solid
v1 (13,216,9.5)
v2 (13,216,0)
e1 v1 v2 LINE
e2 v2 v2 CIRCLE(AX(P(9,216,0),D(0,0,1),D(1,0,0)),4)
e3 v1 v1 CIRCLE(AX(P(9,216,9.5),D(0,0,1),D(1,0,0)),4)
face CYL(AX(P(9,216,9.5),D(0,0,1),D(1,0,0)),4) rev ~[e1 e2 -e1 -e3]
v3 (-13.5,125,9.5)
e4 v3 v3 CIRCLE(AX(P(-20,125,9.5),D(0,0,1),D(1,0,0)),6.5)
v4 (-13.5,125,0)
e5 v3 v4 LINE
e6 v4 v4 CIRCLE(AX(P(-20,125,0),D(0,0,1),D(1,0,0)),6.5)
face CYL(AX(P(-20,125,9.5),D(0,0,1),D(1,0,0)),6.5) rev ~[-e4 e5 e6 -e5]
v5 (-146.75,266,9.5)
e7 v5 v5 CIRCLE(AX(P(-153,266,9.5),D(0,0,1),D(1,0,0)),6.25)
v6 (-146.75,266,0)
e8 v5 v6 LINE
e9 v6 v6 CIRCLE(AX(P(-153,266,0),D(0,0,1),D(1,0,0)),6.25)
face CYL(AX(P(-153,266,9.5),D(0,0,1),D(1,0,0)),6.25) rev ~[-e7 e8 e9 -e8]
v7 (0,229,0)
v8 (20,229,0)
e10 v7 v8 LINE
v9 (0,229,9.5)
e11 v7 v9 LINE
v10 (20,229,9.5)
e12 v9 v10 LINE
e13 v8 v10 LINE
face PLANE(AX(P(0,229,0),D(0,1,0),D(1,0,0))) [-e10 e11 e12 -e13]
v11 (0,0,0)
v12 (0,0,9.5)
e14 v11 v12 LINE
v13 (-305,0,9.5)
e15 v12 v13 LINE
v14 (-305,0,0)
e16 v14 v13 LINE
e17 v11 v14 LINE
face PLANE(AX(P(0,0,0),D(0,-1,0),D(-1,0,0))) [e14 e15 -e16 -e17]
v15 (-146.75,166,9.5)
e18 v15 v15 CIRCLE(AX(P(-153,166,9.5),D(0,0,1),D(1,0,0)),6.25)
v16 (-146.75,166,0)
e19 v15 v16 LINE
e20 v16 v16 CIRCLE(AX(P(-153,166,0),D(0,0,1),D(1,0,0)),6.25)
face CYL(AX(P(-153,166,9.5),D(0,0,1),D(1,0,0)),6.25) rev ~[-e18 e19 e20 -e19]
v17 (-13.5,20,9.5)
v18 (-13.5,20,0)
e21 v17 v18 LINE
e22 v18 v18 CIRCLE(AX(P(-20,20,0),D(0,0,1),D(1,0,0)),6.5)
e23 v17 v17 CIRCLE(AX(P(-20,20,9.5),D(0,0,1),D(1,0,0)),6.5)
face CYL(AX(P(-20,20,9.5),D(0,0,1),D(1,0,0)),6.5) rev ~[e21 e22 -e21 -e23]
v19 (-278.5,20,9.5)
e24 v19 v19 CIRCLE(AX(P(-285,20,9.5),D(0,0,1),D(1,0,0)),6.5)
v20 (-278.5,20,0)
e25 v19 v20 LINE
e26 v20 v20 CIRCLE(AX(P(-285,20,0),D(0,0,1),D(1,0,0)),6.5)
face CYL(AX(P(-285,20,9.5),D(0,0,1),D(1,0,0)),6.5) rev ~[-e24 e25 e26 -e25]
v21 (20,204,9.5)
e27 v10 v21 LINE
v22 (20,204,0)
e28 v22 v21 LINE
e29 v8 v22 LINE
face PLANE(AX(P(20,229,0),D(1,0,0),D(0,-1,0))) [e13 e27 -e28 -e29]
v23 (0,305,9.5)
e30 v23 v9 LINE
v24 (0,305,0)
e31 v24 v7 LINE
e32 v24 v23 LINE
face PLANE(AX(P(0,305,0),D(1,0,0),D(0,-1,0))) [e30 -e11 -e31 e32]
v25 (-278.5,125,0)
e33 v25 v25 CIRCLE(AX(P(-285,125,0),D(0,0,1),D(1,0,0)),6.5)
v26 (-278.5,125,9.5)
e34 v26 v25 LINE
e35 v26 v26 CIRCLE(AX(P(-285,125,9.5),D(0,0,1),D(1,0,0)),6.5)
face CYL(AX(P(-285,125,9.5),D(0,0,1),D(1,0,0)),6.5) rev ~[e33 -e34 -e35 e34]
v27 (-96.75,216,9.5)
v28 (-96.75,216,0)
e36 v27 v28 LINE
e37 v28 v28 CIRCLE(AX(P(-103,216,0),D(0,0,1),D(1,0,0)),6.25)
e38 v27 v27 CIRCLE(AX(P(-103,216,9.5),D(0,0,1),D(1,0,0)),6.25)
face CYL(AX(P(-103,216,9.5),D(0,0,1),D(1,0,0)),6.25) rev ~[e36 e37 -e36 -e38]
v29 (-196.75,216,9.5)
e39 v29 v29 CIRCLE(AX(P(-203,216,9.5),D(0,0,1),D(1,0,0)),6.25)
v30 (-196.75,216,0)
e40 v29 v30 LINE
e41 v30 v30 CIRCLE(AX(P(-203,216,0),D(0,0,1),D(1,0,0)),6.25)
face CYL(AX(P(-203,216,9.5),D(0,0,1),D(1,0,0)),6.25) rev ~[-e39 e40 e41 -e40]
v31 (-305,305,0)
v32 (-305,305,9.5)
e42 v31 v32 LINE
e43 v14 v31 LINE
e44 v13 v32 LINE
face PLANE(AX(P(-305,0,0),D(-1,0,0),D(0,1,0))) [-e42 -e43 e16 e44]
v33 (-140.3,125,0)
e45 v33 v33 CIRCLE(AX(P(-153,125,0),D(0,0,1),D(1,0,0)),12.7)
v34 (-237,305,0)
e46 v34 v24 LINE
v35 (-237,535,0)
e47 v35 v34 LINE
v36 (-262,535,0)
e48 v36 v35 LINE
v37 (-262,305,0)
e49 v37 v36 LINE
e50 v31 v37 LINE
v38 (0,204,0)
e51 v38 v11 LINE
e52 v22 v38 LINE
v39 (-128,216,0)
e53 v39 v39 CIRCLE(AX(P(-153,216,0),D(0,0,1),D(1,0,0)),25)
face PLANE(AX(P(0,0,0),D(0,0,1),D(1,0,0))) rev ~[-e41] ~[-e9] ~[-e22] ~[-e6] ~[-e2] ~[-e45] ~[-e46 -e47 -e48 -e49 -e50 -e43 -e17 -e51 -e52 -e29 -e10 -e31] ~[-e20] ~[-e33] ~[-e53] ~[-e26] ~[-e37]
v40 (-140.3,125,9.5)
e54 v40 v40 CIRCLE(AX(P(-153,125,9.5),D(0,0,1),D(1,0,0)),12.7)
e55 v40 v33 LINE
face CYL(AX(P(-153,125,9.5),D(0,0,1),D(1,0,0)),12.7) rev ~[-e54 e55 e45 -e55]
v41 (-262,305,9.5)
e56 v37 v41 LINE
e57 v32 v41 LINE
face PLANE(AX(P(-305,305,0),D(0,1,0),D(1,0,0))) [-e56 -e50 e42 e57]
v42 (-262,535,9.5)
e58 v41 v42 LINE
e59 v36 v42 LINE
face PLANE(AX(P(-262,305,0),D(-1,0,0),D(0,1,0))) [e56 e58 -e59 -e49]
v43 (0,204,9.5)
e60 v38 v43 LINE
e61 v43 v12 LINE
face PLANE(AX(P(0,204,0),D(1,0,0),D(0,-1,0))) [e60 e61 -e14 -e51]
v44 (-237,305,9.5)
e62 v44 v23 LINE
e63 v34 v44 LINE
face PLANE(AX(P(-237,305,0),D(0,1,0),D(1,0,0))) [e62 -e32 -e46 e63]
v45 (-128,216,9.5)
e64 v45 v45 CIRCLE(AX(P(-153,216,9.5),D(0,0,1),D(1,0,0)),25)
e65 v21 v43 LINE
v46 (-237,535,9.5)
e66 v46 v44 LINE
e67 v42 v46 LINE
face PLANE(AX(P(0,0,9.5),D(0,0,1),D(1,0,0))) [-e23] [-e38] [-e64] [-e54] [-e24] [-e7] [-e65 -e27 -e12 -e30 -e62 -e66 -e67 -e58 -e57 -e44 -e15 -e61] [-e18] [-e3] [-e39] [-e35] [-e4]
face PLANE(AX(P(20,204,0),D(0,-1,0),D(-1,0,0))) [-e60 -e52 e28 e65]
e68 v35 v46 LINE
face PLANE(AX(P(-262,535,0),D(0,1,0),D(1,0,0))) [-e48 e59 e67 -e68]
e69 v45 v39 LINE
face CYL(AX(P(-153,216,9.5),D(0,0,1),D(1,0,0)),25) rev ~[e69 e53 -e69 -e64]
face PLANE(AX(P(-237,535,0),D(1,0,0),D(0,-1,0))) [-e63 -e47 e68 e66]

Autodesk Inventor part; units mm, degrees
ref_plane "YZ Plane" through (0, 0, 0) normal (1, 0, 0) x (0, 1, 0)
ref_plane "XZ Plane" through (0, 0, 0) normal (0, 1, 0) x (-1, 0, 0)
ref_plane "XY Plane" through (0, 0, 0) normal (0, 0, 1) x (1, 0, 0)
sketch "Sketch1" plane through (0, 0, 0) normal (0, 0, 1) x (1, 0, 0)
  line L0 (0, 0) -> (-305, 0)
  line L1 (-305, 0) -> (-305, 305)
  line L2 (-305, 305) -> (-262, 305)
  line L3 (-262, 305) -> (-262, 535)
  line L4 (-262, 535) -> (-237, 535)
  line L5 (-237, 535) -> (-237, 305)
  line L6 (-237, 305) -> (0, 305)
  line L7 (0, 305) -> (0, 229)
  line L8 (0, 229) -> (20, 229)
  line L9 (20, 229) -> (20, 204)
  line L10 (20, 204) -> (0, 204)
  line L11 (0, 204) -> (0, 0)
  dimension "d0" = 305
  dimension "d1" = 305
  dimension "d4" = 230
  dimension "d5" = 25
  dimension "d6" = 230
  dimension "d7" = 76
  dimension "d8" = 20
  dimension "d9" = 25
  dimension "d10" = 43
extrude "Extrusion1" add sketch "Sketch1" along normal blind 9.5
sketch "Sketch2" plane through (0, 0, 9.5) normal (0, 0, 1) x (1, 0, 0)
  circle A0 centre (-20, 20) radius 6.5
  circle A1 centre (-20, 125) radius 6.5
  circle A2 centre (-285, 20) radius 6.5
  circle A3 centre (-285, 125) radius 6.5
  circle A4 centre (-153, 166) radius 6.25
  circle A5 centre (-153, 216) radius 25.5
  circle A6 centre (9, 216) radius 4
  line L0 (-305, 0) -> (0, 0) projected
  circle A7 centre (-103, 216) radius 6.25
  circle A8 centre (-153, 266) radius 6.25
  circle A9 centre (-203, 216) radius 6.25
  dimension "d13" = 13
  dimension "d14" = 13
  dimension "d15" = 13
  dimension "d16" = 13
  dimension "d18" = 12.5
  dimension "d21" = 8
  dimension "d22" = 20
  dimension "d23" = 20
  dimension "d24" = 20
  dimension "d25" = 20
  dimension "d26" = 125
  dimension "d27" = 20
  dimension "d28" = 20
  dimension "d29" = 125
  dimension "d30" = 216
  dimension "d31" = 216
  dimension "d32" = 166
  dimension "d35" = 360
  dimension "d37" = 51
  dimension "d38" = 103
  dimension "d39" = 162
  dimension "d40" = 162
extrude "Extrusion2" cut sketch "Sketch2" against normal through all contours A0 | A1 | A2 | A3 | A4 | A6 | A7 | A8 | A9
sketch "Sketch3" plane through (0, 0, 9.5) normal (0, 0, 1) x (1, 0, 0)
  circle A0 centre (-203, 216) radius 6.25 projected
  circle A1 centre (-103, 216) radius 6.25 projected
  circle A2 centre (-153, 216) radius 25
  circle A3 centre (-285, 125) radius 6.5 projected
  circle A4 centre (-20, 125) radius 6.5 projected
  circle A5 centre (-153, 125) radius 12.7
  point P0 (0, 0)
  dimension "d43" = 50
  dimension "d44" = 216
  dimension "d45" = 153
  dimension "d46" = 25.4
  dimension "d47" = 125
  dimension "d48" = 153
extrude "Extrusion3" cut sketch "Sketch3" against normal through all contours A2 | A5
properties part number "HubPlate"
